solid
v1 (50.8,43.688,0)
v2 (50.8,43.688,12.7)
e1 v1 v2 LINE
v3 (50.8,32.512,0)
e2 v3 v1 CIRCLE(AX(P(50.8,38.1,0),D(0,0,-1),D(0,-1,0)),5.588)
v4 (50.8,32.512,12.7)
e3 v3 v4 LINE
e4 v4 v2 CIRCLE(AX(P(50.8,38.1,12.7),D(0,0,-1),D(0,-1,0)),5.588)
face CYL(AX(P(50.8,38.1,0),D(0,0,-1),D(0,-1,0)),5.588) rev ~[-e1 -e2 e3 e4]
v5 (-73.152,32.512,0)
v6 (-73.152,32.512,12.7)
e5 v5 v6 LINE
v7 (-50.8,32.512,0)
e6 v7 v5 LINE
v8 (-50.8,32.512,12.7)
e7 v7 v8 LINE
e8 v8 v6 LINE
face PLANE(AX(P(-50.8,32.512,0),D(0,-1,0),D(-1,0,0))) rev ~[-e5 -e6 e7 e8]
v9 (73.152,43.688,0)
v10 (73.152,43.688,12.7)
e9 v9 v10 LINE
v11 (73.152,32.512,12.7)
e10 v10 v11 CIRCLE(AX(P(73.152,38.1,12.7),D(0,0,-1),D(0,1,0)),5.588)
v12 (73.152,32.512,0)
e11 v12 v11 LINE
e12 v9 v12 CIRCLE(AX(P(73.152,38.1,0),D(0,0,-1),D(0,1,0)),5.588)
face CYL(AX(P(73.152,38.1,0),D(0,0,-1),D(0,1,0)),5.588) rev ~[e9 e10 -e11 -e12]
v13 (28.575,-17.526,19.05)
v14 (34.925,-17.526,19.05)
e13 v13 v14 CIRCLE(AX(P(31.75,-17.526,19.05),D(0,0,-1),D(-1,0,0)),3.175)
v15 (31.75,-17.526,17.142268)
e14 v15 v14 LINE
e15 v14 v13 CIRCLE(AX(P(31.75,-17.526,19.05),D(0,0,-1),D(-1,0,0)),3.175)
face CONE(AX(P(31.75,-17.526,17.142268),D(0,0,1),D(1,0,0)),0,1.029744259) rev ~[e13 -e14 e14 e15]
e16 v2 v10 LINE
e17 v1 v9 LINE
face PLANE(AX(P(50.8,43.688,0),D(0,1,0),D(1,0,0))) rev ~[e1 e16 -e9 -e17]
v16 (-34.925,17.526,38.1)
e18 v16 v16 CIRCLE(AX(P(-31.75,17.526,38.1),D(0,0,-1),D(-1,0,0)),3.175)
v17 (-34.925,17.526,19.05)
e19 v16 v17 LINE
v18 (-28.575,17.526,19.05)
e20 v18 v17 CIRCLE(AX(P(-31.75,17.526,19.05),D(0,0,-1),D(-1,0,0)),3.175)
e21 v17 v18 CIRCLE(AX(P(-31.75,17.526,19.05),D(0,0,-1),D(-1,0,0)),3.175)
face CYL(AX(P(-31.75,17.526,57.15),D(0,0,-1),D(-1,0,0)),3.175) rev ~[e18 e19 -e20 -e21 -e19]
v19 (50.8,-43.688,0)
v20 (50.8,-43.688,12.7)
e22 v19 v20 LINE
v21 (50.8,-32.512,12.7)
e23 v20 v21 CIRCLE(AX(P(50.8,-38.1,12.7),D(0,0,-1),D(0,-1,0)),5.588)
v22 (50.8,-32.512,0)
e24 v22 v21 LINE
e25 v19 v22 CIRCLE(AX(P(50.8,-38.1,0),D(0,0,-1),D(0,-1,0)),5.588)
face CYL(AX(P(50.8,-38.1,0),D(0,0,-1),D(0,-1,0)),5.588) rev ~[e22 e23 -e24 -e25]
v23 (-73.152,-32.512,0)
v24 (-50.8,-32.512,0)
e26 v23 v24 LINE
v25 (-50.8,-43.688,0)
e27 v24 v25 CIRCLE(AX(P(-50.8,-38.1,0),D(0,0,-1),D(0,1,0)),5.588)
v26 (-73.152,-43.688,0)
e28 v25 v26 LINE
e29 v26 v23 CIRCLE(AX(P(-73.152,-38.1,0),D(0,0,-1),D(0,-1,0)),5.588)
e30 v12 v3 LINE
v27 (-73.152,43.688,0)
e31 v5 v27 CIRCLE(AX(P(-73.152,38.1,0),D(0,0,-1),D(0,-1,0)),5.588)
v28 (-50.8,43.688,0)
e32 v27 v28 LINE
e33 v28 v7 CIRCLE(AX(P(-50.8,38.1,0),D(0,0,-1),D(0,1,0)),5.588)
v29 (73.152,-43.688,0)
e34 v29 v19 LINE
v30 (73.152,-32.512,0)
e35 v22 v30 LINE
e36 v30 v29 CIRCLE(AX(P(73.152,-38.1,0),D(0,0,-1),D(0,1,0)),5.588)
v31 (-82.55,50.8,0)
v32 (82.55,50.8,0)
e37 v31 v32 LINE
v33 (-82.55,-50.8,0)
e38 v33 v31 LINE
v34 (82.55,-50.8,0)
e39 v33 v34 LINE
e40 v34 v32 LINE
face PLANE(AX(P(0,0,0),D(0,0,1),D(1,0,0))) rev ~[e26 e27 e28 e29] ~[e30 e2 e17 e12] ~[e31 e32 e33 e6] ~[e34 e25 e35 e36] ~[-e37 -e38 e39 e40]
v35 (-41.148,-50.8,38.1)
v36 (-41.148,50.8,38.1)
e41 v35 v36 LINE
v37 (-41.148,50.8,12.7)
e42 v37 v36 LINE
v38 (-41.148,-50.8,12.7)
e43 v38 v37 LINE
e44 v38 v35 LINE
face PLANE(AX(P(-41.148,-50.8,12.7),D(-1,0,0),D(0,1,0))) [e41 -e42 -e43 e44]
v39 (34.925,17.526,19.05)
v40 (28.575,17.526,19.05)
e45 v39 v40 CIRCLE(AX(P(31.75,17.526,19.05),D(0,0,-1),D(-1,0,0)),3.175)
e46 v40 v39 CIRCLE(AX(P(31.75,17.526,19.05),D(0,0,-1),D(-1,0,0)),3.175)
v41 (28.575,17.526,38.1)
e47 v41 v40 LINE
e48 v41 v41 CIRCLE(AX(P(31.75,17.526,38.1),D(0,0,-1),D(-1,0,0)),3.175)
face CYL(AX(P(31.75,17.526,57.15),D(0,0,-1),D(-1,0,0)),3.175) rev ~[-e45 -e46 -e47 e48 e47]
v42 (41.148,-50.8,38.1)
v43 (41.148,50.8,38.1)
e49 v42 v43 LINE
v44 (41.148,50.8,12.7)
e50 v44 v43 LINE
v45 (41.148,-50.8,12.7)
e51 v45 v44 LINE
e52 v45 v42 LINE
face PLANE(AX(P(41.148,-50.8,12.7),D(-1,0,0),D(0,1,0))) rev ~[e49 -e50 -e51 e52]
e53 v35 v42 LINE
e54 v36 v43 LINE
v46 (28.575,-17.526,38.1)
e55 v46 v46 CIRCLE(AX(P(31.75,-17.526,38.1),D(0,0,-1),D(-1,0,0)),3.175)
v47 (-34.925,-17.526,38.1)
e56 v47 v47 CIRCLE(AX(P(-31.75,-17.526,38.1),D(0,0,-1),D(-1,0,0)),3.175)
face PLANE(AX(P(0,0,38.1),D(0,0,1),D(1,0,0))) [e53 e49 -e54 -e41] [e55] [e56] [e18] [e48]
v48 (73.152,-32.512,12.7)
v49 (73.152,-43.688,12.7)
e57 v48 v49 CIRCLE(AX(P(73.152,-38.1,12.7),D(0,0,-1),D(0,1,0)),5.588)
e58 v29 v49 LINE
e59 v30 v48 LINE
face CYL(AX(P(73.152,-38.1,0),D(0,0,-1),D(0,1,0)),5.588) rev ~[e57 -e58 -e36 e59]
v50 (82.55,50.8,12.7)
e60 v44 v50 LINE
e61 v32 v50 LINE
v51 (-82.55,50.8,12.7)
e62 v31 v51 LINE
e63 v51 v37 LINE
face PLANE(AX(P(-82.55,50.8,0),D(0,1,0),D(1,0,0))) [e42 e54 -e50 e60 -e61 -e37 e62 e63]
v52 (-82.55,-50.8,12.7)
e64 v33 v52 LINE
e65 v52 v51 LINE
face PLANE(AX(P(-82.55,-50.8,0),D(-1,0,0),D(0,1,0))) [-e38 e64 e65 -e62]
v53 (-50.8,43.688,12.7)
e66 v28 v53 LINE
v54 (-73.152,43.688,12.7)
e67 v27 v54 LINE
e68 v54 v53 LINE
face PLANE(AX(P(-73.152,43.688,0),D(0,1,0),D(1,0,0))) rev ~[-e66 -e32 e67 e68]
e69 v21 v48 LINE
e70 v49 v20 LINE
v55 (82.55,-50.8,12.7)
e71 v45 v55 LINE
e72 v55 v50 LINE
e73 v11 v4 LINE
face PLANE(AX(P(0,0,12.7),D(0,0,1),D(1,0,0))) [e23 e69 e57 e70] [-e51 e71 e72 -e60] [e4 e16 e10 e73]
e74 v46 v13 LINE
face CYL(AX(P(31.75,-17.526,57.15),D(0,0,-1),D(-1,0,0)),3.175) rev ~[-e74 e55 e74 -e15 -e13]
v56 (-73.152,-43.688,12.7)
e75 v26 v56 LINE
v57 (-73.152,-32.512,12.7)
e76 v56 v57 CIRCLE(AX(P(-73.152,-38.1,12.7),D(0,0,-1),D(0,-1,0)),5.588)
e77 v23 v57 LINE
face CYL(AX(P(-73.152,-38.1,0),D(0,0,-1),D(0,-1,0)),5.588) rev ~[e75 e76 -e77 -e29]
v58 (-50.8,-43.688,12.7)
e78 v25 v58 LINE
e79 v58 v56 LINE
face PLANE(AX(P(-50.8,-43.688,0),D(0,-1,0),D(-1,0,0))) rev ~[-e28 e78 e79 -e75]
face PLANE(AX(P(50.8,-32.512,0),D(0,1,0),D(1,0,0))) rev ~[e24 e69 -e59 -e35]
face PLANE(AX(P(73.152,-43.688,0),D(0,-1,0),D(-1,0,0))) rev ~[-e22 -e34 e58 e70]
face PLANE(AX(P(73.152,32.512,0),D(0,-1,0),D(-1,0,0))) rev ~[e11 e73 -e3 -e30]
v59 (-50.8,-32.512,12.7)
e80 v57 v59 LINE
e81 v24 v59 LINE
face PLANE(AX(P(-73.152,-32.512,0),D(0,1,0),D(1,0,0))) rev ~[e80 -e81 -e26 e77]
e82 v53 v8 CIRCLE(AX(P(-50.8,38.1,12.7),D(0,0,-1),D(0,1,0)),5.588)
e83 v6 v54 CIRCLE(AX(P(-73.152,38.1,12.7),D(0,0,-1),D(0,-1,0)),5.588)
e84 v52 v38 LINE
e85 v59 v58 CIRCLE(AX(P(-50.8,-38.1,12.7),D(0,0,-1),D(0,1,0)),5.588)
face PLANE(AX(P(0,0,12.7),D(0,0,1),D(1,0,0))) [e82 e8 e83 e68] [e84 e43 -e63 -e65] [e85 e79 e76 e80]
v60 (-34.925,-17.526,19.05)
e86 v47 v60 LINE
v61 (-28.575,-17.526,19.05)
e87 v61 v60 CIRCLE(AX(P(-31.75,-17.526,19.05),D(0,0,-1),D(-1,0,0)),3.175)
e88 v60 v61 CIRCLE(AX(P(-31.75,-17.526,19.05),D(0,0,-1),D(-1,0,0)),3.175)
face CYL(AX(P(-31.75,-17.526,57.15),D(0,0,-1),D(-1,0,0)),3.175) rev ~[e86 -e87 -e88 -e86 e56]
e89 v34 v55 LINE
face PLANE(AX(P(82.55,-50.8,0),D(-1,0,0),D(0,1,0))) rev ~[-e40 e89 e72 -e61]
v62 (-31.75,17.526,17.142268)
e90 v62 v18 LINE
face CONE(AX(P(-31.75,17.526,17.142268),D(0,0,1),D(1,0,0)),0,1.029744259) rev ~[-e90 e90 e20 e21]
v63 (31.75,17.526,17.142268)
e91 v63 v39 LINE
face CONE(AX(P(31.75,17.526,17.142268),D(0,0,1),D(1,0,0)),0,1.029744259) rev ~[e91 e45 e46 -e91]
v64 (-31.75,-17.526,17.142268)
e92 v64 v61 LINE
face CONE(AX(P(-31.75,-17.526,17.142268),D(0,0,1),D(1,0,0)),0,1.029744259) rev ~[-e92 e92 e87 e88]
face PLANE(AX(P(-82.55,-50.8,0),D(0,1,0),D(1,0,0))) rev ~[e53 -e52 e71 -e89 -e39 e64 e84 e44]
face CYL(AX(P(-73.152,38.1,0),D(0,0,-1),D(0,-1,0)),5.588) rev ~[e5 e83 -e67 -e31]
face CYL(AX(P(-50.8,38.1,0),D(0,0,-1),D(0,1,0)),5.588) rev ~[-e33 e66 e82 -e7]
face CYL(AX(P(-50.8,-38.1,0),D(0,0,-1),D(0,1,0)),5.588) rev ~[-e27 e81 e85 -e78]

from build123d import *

# Parameters (mm, degrees)
F0_W     = 165.1
F0_H     = 101.6
F1_DEPTH = 12.7
F2_W     = 82.296
F2_H     = 101.6
F3_DEPTH = 25.4
F5_D     = 6.35
F5_DEPTH = 19.05
F5_TIP   = 1.9077324654


with BuildPart() as f1:
    # F0 (on Top) → F1 (new body)
    with BuildSketch(Plane.XY):
        Rectangle(F0_W, F0_H)
        with BuildLine():
            ThreePointArc((-73.152, -43.688), (-78.74, -38.1), (-73.152, -32.512))
            Line((-73.152, -32.512), (-50.8, -32.512))
            ThreePointArc((-50.8, -32.512), (-45.212, -38.1), (-50.8, -43.688))
            Line((-50.8, -43.688), (-73.152, -43.688))
        make_face(mode=Mode.SUBTRACT)
        with BuildLine():
            ThreePointArc((73.152, -32.512), (78.74, -38.1), (73.152, -43.688))
            Line((73.152, -43.688), (50.8, -43.688))
            ThreePointArc((50.8, -43.688), (45.212, -38.1), (50.8, -32.512))
            Line((50.8, -32.512), (73.152, -32.512))
        make_face(mode=Mode.SUBTRACT)
        with BuildLine():
            Line((-50.8, 32.512), (-73.152, 32.512))
            ThreePointArc((-73.152, 32.512), (-78.74, 38.1), (-73.152, 43.688))
            Line((-73.152, 43.688), (-50.8, 43.688))
            ThreePointArc((-50.8, 43.688), (-45.212, 38.1), (-50.8, 32.512))
        make_face(mode=Mode.SUBTRACT)
        with BuildLine():
            ThreePointArc((50.8, 32.512), (45.212, 38.1), (50.8, 43.688))
            Line((50.8, 43.688), (73.152, 43.688))
            ThreePointArc((73.152, 43.688), (78.74, 38.1), (73.152, 32.512))
            Line((73.152, 32.512), (50.8, 32.512))
        make_face(mode=Mode.SUBTRACT)
    extrude(amount=F1_DEPTH)

    # F2 (on face) → F3 (join)
    with BuildSketch(Plane.XY.offset(12.7)):
        Rectangle(F2_W, F2_H)
    extrude(amount=F3_DEPTH)

    # F5
    with Locations(Plane.XY.offset(38.1)):
        with Locations((-31.75, 17.526), (-31.75, -17.526), (31.75, -17.526), (31.75, 17.526)):
            Hole(F5_D / 2, depth=F5_DEPTH)
            with Locations((0, 0, -(F5_DEPTH + F5_TIP / 2))):  # 118° drill point
                Cone(0, F5_D / 2, F5_TIP, mode=Mode.SUBTRACT)


solid = f1.part
